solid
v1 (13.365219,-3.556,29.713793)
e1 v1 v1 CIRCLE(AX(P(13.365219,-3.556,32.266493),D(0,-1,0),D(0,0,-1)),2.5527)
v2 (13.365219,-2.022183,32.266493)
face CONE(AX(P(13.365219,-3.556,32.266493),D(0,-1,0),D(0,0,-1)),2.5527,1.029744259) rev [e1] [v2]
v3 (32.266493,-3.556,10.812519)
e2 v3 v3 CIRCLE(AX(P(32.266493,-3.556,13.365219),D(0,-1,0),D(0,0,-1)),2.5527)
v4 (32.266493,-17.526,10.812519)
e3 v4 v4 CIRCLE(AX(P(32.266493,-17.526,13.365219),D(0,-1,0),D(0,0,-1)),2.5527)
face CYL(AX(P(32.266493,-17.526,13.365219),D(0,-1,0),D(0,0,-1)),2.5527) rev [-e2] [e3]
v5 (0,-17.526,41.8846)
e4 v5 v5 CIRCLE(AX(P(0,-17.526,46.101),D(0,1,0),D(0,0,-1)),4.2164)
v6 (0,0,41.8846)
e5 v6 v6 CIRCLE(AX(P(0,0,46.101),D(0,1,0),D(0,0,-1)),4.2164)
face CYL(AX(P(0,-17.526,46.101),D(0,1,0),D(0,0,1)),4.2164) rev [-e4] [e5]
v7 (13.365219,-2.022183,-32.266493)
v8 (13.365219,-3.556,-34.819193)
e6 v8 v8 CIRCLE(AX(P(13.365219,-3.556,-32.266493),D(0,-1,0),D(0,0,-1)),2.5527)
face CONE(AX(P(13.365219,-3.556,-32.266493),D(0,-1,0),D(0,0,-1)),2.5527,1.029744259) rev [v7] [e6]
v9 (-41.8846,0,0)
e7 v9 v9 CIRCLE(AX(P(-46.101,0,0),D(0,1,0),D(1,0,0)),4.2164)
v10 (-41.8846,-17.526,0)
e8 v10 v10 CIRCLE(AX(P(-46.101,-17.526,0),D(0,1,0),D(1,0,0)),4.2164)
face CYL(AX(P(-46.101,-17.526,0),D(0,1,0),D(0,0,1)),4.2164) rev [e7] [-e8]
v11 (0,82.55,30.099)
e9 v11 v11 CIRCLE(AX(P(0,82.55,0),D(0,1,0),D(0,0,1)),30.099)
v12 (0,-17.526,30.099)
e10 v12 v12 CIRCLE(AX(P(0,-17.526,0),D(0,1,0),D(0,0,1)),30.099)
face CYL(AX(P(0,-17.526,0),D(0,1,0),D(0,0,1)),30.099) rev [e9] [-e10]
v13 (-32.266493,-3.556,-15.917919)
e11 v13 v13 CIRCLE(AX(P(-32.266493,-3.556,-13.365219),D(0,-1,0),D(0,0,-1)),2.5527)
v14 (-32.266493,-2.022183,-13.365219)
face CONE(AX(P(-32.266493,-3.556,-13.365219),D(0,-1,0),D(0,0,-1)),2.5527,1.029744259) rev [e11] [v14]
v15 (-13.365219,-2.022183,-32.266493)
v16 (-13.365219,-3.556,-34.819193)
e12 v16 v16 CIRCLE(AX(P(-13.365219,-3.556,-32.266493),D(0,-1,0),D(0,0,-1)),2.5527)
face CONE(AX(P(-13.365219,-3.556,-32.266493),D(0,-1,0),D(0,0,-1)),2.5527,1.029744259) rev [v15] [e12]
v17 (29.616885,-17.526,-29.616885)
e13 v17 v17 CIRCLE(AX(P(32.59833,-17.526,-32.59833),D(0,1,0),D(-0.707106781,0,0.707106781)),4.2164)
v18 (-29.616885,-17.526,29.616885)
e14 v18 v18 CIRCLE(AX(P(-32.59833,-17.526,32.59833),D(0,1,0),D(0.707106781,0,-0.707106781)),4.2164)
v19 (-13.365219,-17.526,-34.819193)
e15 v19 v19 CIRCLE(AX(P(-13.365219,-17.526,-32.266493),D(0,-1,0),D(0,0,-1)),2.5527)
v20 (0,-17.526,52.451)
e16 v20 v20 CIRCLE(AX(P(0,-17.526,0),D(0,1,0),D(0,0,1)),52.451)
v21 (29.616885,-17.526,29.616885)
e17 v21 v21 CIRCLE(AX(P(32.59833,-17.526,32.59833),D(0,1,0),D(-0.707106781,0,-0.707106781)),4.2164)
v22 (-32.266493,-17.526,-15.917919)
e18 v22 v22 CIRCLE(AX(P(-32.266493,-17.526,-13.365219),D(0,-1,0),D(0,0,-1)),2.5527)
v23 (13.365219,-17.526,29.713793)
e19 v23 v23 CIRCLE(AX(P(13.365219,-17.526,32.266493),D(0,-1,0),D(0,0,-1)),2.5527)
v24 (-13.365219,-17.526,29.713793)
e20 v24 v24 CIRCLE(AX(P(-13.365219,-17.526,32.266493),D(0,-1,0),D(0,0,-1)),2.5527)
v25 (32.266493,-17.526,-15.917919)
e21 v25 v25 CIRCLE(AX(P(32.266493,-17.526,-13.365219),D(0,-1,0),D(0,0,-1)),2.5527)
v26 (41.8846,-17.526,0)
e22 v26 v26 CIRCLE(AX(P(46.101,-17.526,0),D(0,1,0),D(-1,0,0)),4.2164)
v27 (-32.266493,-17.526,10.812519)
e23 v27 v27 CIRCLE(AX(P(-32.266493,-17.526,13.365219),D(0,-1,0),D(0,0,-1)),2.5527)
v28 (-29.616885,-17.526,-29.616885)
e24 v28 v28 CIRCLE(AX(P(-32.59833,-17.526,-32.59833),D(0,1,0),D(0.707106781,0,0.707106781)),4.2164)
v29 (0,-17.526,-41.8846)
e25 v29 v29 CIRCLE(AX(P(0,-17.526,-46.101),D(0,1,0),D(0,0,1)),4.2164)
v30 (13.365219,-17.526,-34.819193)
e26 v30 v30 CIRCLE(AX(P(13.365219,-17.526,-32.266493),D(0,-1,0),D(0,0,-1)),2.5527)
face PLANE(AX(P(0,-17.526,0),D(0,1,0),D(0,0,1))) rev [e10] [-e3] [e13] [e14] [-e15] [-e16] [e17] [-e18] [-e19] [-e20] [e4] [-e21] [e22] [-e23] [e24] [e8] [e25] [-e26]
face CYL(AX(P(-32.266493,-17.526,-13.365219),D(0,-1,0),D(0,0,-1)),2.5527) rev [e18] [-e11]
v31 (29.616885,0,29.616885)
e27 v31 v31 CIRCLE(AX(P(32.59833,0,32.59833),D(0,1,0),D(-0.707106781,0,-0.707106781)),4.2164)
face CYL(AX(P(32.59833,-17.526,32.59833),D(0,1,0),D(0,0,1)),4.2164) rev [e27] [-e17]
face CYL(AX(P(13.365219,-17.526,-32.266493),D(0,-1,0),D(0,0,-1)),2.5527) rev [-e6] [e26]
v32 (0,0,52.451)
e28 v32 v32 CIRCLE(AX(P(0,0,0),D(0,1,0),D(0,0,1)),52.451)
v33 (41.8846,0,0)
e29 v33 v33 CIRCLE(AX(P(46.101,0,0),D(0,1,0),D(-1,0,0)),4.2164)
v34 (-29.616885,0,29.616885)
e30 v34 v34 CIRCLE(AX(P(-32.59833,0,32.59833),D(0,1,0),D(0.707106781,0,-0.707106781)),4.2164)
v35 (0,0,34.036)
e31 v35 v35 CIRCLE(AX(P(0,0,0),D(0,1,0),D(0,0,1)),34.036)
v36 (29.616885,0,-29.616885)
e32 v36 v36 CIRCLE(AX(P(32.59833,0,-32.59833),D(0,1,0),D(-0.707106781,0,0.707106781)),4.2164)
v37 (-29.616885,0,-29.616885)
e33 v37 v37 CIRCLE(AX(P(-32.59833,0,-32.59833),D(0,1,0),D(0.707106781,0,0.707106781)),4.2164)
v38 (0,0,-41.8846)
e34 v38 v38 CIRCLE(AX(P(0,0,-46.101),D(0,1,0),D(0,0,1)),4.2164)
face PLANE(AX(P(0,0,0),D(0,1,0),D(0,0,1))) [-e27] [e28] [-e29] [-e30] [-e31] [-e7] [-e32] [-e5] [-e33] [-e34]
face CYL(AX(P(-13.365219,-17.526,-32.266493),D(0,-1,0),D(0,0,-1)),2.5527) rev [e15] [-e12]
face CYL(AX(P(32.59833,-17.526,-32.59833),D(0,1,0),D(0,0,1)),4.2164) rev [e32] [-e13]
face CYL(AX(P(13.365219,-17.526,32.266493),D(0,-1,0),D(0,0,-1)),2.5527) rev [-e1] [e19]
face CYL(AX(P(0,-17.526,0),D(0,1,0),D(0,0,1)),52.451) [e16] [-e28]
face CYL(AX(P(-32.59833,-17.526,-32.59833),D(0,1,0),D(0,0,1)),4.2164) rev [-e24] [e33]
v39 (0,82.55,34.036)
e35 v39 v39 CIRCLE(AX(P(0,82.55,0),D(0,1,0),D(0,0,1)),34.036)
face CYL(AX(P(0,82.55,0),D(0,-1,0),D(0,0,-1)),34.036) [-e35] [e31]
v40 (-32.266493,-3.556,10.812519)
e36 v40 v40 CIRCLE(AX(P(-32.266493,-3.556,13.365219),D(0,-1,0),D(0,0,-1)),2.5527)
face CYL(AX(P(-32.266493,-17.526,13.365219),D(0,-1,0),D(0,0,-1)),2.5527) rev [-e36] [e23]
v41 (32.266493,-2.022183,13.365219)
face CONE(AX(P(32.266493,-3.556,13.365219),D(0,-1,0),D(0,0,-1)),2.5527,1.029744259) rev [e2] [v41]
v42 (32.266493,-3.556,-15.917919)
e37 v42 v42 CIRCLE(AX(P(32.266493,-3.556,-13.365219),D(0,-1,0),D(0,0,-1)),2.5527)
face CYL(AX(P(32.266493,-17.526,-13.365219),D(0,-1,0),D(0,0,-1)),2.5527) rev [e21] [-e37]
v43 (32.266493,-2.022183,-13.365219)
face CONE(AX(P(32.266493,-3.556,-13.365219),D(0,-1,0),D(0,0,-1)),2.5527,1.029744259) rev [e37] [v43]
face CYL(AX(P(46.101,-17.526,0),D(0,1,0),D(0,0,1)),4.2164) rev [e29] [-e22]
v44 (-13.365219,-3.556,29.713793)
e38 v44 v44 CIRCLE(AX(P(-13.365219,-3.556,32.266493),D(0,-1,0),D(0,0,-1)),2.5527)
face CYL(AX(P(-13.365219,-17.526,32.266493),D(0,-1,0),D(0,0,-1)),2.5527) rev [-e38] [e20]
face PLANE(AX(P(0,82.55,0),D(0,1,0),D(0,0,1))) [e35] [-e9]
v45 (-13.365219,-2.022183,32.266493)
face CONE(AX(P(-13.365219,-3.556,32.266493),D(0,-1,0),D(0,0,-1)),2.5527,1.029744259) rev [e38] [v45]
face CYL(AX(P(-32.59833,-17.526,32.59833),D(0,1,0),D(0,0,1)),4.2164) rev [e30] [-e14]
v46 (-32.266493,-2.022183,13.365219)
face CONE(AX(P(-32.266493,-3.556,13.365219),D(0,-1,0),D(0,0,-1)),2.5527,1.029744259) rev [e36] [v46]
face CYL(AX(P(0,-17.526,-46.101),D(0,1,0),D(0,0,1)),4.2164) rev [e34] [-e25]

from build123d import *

# Parameters (mm, degrees)
SKETCH1_R               = 34.036
EXTRUDE1_DEPTH          = 82.55
SKETCH2_R               = 52.451
EXTRUDE2_DEPTH          = 17.526
CUT_EXTRUDE1_DEPTH      = 111.980706891
CUT_EXTRUDE1_DEPTH_BACK = 111.980706891
SKETCH3_R               = 30.099
SKETCH4_R               = 4.2164
CUT_EXTRUDE2_DEPTH      = 17.526
CIRPATTERN1_COUNT       = 8
CIRPATTERN3_COUNT       = 8


with BuildPart() as part:
    # Sketch1 → Extrude1 (new body)
    with BuildSketch(Plane(origin=(0, 0, 0), x_dir=(1, 0, 0), z_dir=(0, 1, 0))):
        Circle(SKETCH1_R)
    extrude(amount=EXTRUDE1_DEPTH)

    # Sketch2 → Extrude2 (add)
    with BuildSketch(Plane(origin=(0, 0, 0), x_dir=(1, 0, 0), z_dir=(0, 1, 0))):
        Circle(SKETCH2_R)
    extrude(amount=-EXTRUDE2_DEPTH)

    # Sketch3 → Cut-Extrude1 (cut, two sides: drawn at the far end of the back side and taken through both)
    with BuildSketch(Plane(origin=(0, 0, 0), x_dir=(1, 0, 0), z_dir=(0, 1, 0)).offset(-CUT_EXTRUDE1_DEPTH_BACK)):
        Circle(SKETCH3_R)
    extrude(amount=CUT_EXTRUDE1_DEPTH + CUT_EXTRUDE1_DEPTH_BACK, mode=Mode.SUBTRACT)

    # Sketch4 → Cut-Extrude2 (cut)
    with BuildSketch(Plane(origin=(0, 0, 0), x_dir=(1, 0, 0), z_dir=(0, 1, 0))):
        with Locations((0, 46.101)):
            Circle(SKETCH4_R)
    cut_extrude2 = extrude(amount=-CUT_EXTRUDE2_DEPTH, mode=Mode.SUBTRACT)

    # CirPattern1: Cut-Extrude2 ×8 about axis
    cirpattern1_axis = Axis((0, 58.676993495, 0), (0, -1, 0))
    for i in range(1, CIRPATTERN1_COUNT):
        add(cut_extrude2.rotate(cirpattern1_axis, i * 360 / CIRPATTERN1_COUNT), mode=Mode.SUBTRACT)

    # Sketch10 → 1/4-20 Tapped Hole2 (revolve, cut)
    with BuildSketch(Plane(origin=(13.365218875, -17.526, 32.266492673), x_dir=(0, 0, -1), z_dir=(1, 0, 0))):
        Polygon((0, 0), (0, 15.503816902), (2.5527, 13.97), (2.5527, 0), align=None)
    f_1_4_20_tapped_hole2 = revolve(axis=Axis((13.365218875, -23.876, 32.266492673), (0, 1, 0)), mode=Mode.SUBTRACT)

    # CirPattern3: 1/4-20 Tapped Hole2 ×8 about axis
    cirpattern3_axis = Axis((0, 58.676993495, 0), (0, -1, 0))
    for i in range(1, CIRPATTERN3_COUNT):
        add(f_1_4_20_tapped_hole2.rotate(cirpattern3_axis, i * 360 / CIRPATTERN3_COUNT), mode=Mode.SUBTRACT)


solid = part.part
